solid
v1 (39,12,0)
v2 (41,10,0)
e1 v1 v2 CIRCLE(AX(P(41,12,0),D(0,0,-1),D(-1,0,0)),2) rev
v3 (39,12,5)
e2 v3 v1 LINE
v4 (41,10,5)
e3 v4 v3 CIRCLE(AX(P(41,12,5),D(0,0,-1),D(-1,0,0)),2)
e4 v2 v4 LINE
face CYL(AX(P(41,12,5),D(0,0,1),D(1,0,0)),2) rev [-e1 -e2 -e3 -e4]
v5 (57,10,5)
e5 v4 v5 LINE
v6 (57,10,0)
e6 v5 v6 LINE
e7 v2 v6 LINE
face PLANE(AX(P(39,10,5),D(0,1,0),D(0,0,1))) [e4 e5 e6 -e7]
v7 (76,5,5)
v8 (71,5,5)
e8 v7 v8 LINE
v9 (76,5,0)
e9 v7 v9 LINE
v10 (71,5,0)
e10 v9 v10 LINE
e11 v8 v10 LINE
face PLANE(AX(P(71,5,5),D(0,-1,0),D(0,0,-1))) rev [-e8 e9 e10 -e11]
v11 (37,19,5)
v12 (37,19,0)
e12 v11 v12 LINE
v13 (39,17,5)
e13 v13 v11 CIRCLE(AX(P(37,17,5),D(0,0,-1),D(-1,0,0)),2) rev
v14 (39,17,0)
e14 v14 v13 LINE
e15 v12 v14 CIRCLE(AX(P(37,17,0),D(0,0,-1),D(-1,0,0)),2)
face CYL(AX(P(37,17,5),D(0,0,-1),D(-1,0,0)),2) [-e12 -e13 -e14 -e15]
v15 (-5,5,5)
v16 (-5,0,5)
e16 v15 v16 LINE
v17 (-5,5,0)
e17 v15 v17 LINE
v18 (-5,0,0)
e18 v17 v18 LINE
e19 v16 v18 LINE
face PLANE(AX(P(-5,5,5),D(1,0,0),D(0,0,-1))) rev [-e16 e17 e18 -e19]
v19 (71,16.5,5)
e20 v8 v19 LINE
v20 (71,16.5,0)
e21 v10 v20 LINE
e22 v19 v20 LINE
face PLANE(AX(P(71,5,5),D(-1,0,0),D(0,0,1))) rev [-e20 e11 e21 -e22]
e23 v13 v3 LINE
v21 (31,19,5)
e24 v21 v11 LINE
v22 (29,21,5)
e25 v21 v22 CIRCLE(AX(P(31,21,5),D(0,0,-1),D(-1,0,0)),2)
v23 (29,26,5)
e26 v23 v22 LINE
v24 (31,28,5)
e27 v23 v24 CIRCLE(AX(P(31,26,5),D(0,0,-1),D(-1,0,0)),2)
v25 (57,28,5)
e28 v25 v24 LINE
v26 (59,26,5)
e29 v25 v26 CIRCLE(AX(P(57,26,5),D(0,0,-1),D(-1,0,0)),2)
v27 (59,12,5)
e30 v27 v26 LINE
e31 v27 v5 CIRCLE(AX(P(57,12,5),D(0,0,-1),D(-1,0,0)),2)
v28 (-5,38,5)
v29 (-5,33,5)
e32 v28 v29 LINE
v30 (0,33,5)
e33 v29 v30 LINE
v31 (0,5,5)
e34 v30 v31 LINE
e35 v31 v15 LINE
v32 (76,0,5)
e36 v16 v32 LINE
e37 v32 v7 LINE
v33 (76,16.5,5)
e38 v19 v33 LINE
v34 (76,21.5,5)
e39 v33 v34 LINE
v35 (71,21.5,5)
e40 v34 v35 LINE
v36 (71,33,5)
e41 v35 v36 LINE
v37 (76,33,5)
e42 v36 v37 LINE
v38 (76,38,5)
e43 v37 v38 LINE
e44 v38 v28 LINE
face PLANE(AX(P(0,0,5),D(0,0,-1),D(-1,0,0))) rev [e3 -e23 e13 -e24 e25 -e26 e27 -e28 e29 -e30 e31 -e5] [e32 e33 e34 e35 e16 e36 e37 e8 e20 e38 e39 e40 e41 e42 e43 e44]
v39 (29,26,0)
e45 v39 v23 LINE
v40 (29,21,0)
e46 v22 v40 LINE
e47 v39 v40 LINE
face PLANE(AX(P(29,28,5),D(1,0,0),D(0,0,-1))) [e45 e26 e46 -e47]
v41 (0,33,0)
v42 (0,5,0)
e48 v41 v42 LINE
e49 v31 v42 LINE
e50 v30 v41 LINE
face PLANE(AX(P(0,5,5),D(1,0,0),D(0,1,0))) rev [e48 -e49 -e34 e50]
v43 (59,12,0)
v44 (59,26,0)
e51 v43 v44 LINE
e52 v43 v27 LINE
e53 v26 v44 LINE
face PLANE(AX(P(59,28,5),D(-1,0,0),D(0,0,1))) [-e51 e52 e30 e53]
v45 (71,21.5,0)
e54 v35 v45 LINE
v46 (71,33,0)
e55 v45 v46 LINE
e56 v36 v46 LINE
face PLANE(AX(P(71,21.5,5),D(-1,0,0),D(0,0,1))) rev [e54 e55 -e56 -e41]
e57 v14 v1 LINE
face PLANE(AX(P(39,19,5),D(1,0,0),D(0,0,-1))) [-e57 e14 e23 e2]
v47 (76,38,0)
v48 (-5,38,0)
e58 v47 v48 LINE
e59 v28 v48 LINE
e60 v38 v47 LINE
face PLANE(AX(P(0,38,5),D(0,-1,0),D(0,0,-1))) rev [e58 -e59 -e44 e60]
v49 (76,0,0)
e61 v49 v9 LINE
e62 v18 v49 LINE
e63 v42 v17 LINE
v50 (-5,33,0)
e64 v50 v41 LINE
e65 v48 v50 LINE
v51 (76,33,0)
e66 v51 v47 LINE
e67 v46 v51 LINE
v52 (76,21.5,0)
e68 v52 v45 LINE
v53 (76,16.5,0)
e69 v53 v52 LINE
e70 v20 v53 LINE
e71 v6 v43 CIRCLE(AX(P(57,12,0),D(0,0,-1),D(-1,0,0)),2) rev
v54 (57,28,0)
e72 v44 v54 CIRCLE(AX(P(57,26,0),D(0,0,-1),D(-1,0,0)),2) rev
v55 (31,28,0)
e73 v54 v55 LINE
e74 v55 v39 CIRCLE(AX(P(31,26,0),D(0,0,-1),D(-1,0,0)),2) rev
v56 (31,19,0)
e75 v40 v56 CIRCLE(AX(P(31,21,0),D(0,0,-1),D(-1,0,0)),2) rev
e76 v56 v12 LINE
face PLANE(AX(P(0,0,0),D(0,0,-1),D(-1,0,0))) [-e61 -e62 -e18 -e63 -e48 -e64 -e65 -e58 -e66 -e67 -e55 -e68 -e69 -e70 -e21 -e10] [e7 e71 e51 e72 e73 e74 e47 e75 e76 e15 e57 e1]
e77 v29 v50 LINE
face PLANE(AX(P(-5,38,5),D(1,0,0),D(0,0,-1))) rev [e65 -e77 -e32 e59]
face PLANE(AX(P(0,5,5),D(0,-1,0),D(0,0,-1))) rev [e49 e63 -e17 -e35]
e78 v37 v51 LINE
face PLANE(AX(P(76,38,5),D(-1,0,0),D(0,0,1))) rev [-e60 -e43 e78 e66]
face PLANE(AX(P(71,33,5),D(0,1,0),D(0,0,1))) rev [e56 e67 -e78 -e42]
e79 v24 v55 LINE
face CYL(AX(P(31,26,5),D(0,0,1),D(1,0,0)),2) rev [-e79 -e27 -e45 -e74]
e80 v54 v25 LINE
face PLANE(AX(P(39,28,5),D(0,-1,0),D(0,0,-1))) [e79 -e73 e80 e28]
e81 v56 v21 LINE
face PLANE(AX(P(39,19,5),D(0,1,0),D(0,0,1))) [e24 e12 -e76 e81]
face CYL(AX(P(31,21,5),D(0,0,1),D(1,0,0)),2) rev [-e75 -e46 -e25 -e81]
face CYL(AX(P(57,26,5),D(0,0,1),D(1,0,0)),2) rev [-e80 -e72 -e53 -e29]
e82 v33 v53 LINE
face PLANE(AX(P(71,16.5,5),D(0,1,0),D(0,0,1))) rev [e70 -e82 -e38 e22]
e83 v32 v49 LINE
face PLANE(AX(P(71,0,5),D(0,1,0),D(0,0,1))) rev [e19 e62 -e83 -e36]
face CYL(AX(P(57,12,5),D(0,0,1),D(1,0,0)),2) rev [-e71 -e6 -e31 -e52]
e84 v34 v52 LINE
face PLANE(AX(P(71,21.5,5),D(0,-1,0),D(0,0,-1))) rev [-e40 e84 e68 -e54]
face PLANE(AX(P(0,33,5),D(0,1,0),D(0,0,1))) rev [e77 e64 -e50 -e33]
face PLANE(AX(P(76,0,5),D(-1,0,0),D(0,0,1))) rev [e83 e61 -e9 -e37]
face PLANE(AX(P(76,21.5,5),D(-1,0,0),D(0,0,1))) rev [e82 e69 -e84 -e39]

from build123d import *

# Parameters (mm, degrees)
BOSS_EXTRU_1_DEPTH = 5
CONG_1_R           = 2


with BuildPart() as part:
    # Esquisse1 → Boss.-Extru.1 (new body)
    with BuildSketch(Plane.XY):
        Polygon((0, 0), (71, 0), (76, 0), (76, 5), (71, 5), (71, 16.5), (76, 16.5), (76, 21.5), (71, 21.5), (71, 33), (76, 33), (76, 38), (71, 38), (0, 38), (-5, 38), (-5, 33), (0, 33), (0, 5), (-5, 5), (-5, 0), align=None)
        Polygon((39, 28), (59, 28), (59, 10), (39, 10), (39, 19), (29, 19), (29, 28), align=None, mode=Mode.SUBTRACT)
    extrude(amount=BOSS_EXTRU_1_DEPTH)

    # Congé1
    cong_1_edges = [part.edges().sort_by_distance(p)[0] for p in [
        (29, 28, 2.5),
        (29, 19, 2.5),
        (39, 19, 2.5),
        (39, 10, 2.5),
        (59, 10, 2.5),
        (59, 28, 2.5),
    ]]
    fillet(cong_1_edges, radius=CONG_1_R)


solid = part.part
